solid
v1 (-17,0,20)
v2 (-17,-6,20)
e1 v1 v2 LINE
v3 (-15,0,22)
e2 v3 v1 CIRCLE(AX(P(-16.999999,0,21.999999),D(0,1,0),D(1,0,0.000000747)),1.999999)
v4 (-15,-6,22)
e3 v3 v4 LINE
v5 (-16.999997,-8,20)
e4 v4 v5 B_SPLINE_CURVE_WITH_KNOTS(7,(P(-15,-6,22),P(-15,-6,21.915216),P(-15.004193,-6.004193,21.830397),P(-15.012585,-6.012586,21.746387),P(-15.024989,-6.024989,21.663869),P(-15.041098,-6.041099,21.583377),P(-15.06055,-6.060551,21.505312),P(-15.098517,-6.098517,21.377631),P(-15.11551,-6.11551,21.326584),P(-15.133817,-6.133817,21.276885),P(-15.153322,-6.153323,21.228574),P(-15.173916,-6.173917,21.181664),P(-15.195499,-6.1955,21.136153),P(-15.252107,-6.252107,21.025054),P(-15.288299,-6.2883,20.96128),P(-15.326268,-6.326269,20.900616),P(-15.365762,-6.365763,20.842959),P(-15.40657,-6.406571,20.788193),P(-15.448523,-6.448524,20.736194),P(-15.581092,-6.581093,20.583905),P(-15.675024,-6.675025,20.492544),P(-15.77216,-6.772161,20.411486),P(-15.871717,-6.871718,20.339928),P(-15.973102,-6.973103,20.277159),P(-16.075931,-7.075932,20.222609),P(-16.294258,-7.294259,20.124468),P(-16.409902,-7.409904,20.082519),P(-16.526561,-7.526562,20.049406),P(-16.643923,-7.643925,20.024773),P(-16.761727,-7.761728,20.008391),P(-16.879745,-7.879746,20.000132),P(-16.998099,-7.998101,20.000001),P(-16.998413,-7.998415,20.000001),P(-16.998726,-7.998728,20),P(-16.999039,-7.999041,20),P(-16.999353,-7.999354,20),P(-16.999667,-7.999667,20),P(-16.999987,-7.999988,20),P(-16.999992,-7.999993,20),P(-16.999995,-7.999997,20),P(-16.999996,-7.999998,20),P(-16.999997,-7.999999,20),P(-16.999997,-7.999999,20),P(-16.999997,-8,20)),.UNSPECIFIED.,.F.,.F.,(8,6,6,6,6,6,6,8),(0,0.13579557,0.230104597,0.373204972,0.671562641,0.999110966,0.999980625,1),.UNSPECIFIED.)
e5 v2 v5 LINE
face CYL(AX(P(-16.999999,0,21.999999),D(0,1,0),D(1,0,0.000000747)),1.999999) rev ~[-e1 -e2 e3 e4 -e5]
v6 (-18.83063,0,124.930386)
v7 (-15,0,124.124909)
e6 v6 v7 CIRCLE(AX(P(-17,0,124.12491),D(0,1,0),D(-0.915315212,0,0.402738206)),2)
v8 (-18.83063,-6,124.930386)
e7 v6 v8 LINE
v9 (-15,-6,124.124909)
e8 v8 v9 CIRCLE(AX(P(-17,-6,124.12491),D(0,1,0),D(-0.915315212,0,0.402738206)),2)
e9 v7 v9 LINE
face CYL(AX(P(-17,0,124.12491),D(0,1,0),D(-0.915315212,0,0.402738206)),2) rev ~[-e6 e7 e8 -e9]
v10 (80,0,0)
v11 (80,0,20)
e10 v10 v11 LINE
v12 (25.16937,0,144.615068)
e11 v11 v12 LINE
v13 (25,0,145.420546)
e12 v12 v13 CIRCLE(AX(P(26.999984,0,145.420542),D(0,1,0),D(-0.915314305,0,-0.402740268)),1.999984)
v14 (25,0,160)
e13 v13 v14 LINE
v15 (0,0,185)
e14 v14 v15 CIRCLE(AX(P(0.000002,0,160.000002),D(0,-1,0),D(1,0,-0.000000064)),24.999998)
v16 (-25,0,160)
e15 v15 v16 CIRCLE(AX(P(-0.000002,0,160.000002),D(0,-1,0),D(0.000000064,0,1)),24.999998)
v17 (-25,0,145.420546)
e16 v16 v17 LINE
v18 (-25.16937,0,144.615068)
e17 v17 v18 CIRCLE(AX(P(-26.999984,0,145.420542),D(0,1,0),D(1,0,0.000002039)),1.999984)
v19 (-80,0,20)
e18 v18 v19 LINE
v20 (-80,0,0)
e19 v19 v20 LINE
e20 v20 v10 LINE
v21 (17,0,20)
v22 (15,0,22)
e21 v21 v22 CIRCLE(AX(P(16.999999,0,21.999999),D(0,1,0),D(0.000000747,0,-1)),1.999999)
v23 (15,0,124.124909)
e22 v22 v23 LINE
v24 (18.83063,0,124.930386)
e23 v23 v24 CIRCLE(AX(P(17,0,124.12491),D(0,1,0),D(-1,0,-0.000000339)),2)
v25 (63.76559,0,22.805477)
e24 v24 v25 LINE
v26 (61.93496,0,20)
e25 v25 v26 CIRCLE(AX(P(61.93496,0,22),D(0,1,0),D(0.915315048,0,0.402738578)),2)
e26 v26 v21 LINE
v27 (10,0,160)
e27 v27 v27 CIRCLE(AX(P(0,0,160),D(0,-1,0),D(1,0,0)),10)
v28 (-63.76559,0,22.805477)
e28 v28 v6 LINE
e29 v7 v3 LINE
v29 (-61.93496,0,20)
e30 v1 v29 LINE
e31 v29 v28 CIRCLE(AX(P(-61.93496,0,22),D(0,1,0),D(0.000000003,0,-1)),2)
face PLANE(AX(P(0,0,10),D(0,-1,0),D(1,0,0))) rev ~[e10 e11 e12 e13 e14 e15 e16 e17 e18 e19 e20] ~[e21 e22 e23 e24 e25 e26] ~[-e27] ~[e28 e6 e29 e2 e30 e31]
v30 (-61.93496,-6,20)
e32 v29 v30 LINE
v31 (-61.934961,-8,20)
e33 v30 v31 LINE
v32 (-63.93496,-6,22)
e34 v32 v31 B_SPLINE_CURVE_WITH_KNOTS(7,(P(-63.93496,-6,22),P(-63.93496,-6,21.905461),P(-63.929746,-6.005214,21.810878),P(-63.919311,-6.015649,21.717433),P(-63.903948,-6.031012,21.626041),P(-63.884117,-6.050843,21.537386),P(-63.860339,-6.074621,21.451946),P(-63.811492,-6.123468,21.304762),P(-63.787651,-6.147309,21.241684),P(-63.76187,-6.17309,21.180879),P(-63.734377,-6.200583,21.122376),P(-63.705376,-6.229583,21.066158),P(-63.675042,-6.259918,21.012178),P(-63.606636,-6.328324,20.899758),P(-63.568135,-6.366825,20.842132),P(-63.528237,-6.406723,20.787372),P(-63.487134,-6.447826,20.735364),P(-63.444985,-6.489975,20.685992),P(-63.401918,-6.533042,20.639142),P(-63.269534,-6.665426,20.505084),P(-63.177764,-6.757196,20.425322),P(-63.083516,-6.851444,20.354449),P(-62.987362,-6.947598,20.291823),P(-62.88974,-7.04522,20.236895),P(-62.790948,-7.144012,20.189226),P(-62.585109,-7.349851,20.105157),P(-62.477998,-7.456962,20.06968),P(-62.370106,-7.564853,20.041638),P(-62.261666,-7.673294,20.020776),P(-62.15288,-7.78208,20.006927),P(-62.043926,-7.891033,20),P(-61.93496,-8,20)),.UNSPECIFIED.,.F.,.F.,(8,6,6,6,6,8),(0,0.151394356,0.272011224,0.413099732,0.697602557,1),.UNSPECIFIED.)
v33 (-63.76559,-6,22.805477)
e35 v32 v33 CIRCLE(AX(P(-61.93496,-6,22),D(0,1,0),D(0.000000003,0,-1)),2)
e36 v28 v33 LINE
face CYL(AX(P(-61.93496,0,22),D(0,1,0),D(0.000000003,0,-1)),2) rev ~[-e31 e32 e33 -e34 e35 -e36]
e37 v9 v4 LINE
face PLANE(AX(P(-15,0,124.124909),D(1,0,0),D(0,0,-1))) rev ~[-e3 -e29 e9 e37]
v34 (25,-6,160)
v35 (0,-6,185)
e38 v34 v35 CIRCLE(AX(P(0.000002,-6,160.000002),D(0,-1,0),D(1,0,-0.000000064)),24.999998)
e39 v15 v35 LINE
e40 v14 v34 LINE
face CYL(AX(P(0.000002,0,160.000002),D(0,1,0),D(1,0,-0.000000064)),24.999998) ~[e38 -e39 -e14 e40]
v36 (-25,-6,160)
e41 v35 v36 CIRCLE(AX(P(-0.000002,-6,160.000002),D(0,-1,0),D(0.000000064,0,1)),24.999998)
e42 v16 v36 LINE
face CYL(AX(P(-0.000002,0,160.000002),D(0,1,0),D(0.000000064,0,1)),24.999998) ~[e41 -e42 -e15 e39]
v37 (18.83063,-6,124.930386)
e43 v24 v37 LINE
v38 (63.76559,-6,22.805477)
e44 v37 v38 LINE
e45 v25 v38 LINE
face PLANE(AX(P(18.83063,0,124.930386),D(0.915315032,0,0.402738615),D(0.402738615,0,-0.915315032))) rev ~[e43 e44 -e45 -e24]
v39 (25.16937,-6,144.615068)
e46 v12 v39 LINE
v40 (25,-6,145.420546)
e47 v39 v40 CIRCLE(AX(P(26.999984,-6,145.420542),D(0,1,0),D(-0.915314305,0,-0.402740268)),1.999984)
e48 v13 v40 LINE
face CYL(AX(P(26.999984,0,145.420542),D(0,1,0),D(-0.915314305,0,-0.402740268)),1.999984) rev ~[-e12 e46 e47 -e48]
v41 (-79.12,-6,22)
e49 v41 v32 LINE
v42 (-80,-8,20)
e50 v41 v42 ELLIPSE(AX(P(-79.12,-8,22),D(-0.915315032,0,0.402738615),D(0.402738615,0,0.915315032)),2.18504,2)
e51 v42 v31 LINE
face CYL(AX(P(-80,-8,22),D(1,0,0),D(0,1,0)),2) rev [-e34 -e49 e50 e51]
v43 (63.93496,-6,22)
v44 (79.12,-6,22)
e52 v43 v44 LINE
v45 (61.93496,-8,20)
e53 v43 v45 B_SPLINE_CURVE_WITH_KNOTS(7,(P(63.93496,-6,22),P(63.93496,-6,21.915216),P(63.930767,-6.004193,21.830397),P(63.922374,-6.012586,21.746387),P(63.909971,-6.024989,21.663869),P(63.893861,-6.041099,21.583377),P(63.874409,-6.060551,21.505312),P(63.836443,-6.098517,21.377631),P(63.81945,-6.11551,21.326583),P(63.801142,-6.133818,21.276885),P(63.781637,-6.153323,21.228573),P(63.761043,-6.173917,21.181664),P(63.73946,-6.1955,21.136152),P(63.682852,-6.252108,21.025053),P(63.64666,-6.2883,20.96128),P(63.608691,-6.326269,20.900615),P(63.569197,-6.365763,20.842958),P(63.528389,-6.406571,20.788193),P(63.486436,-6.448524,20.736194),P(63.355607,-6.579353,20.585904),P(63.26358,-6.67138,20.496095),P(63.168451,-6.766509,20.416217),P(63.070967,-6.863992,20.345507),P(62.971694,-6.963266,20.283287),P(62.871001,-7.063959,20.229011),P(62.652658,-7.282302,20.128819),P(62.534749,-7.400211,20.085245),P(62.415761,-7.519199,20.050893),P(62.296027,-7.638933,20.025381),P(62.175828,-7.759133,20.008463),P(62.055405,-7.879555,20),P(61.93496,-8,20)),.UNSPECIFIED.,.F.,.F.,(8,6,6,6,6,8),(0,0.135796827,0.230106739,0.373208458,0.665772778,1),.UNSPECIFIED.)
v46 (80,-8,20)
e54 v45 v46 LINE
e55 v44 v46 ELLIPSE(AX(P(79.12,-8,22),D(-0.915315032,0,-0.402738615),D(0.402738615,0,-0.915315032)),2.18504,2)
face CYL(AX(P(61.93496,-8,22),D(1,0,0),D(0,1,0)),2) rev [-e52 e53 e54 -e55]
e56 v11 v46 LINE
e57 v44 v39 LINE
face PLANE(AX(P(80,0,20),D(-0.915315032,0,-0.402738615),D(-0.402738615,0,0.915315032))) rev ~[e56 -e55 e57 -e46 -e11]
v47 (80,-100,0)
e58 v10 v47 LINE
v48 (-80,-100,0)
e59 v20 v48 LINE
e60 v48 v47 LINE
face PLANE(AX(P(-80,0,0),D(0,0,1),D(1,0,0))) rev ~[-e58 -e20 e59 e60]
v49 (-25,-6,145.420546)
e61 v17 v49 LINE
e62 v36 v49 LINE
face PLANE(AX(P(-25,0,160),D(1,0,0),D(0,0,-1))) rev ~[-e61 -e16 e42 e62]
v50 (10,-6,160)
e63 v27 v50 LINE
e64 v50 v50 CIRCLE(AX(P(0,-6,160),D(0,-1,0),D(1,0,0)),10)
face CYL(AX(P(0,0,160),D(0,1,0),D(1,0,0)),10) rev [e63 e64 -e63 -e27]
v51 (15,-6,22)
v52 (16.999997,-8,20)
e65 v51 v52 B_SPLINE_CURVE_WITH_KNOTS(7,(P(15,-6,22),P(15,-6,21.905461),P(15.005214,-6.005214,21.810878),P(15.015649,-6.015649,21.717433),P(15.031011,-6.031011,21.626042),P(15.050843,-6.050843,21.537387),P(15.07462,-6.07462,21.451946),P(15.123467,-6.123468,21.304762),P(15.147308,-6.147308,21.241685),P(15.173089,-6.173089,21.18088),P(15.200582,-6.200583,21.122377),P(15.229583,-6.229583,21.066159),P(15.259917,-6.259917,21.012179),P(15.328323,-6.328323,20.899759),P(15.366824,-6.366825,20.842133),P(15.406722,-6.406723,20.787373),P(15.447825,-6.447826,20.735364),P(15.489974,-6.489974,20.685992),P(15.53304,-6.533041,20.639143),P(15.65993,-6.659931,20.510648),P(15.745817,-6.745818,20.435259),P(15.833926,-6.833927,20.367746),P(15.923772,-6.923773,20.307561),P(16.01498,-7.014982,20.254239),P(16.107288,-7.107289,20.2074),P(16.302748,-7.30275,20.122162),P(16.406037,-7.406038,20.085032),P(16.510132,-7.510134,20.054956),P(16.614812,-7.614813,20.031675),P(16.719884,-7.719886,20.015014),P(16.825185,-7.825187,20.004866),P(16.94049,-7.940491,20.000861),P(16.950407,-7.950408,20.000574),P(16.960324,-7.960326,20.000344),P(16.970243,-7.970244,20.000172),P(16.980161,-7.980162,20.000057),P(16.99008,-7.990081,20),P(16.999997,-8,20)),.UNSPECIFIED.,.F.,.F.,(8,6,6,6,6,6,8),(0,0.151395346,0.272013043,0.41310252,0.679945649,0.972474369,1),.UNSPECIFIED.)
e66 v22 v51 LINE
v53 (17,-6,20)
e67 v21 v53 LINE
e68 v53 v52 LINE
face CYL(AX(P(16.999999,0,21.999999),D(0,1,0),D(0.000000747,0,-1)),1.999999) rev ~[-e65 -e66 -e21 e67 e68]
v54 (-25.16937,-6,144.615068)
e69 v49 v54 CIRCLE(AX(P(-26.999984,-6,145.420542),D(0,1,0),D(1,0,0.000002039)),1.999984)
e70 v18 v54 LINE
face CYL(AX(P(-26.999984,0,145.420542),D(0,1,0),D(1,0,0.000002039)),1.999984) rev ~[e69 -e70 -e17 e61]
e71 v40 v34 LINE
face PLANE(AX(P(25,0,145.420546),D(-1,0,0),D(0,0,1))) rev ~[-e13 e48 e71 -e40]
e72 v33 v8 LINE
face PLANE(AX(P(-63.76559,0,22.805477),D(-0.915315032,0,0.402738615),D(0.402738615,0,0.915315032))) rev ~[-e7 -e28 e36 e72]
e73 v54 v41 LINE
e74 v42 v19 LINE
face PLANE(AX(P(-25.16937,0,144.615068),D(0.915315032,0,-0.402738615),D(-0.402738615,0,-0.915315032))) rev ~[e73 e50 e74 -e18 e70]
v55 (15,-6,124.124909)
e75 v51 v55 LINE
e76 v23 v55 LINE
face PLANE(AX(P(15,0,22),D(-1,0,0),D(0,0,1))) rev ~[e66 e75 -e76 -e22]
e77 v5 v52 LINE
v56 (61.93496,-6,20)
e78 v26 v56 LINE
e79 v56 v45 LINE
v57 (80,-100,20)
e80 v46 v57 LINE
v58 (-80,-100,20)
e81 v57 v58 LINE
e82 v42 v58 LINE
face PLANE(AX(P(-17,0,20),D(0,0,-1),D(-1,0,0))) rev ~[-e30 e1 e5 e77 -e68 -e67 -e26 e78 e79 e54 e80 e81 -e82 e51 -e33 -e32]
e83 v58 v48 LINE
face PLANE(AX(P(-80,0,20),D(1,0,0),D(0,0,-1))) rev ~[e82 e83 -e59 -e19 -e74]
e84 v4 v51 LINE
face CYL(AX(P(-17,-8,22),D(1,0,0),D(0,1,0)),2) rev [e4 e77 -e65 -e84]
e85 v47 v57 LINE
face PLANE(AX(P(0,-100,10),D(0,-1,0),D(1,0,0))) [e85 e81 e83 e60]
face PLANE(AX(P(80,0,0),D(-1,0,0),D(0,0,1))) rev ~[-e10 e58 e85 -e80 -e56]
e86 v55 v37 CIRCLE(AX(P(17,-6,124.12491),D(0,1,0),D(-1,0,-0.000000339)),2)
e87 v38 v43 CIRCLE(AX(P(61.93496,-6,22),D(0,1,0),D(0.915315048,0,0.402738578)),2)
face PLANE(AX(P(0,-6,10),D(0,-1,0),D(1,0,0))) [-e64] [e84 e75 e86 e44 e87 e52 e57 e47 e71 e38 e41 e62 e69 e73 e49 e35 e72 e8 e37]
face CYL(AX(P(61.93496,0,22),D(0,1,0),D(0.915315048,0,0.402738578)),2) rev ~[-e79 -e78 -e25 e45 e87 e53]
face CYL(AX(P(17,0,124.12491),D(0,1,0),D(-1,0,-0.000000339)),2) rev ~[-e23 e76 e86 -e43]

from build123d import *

# Parameters (mm, degrees)
F0_R     = 10
F1_DEPTH = 6
F2_DEPTH = 100
F3_R     = 2


with BuildPart() as f1:
    # F0 (on Front) → F1 (new body)
    with BuildSketch(Plane.XZ):
        Polygon((-80, 20), (-80, 0), (0, 0), (80, 0), (80, 20), (61.93496, 20), (17, 20), (-17, 20), (-61.93496, 20), align=None)
        with BuildLine():
            Line((-25.16937, 144.615068), (-80, 20))
            Line((-80, 20), (-61.93496, 20))
            ThreePointArc((-61.93496, 20), (-63.609916, 20.907058), (-63.76559, 22.805477))
            Line((-63.76559, 22.805477), (-18.83063, 124.930386))
            ThreePointArc((-18.83063, 124.930386), (-16.588454, 126.082109), (-15, 124.124909))
            Line((-15, 124.124909), (-15, 22))
            ThreePointArc((-15, 22), (-15.585786, 20.585786), (-17, 20))
            Line((-17, 20), (17, 20))
            ThreePointArc((17, 20), (15.585786, 20.585786), (15, 22))
            Line((15, 22), (15, 124.124909))
            ThreePointArc((15, 124.124909), (16.588454, 126.082109), (18.83063, 124.930386))
            Line((18.83063, 124.930386), (63.76559, 22.805477))
            ThreePointArc((63.76559, 22.805477), (63.609916, 20.907058), (61.93496, 20))
            Line((61.93496, 20), (80, 20))
            Line((80, 20), (25.16937, 144.615068))
            ThreePointArc((25.16937, 144.615068), (25.0428, 145.009), (25, 145.420546))
            Line((25, 145.420546), (25, 160))
            ThreePointArc((25, 160), (17.67767, 177.67767), (0, 185))
            ThreePointArc((0, 185), (-17.67767, 177.67767), (-25, 160))
            Line((-25, 160), (-25, 145.420546))
            ThreePointArc((-25, 145.420546), (-25.0428, 145.009), (-25.16937, 144.615068))
        make_face()
        with Locations((0, 160)):
            Circle(F0_R, mode=Mode.SUBTRACT)
    extrude(amount=F1_DEPTH)

    # F0 (on Front) → F2 (join)
    with BuildSketch(Plane.XZ):
        Polygon((-80, 20), (-80, 0), (0, 0), (80, 0), (80, 20), (61.93496, 20), (17, 20), (-17, 20), (-61.93496, 20), align=None)
    extrude(amount=F2_DEPTH)

    # F3
    f3_edges = [f1.edges().sort_by_distance(p)[0] for p in [
        (70.96748, -6, 20),
        (0, -6, 20),
        (-70.96748, -6, 20),
    ]]
    fillet(f3_edges, radius=F3_R)


solid = f1.part
